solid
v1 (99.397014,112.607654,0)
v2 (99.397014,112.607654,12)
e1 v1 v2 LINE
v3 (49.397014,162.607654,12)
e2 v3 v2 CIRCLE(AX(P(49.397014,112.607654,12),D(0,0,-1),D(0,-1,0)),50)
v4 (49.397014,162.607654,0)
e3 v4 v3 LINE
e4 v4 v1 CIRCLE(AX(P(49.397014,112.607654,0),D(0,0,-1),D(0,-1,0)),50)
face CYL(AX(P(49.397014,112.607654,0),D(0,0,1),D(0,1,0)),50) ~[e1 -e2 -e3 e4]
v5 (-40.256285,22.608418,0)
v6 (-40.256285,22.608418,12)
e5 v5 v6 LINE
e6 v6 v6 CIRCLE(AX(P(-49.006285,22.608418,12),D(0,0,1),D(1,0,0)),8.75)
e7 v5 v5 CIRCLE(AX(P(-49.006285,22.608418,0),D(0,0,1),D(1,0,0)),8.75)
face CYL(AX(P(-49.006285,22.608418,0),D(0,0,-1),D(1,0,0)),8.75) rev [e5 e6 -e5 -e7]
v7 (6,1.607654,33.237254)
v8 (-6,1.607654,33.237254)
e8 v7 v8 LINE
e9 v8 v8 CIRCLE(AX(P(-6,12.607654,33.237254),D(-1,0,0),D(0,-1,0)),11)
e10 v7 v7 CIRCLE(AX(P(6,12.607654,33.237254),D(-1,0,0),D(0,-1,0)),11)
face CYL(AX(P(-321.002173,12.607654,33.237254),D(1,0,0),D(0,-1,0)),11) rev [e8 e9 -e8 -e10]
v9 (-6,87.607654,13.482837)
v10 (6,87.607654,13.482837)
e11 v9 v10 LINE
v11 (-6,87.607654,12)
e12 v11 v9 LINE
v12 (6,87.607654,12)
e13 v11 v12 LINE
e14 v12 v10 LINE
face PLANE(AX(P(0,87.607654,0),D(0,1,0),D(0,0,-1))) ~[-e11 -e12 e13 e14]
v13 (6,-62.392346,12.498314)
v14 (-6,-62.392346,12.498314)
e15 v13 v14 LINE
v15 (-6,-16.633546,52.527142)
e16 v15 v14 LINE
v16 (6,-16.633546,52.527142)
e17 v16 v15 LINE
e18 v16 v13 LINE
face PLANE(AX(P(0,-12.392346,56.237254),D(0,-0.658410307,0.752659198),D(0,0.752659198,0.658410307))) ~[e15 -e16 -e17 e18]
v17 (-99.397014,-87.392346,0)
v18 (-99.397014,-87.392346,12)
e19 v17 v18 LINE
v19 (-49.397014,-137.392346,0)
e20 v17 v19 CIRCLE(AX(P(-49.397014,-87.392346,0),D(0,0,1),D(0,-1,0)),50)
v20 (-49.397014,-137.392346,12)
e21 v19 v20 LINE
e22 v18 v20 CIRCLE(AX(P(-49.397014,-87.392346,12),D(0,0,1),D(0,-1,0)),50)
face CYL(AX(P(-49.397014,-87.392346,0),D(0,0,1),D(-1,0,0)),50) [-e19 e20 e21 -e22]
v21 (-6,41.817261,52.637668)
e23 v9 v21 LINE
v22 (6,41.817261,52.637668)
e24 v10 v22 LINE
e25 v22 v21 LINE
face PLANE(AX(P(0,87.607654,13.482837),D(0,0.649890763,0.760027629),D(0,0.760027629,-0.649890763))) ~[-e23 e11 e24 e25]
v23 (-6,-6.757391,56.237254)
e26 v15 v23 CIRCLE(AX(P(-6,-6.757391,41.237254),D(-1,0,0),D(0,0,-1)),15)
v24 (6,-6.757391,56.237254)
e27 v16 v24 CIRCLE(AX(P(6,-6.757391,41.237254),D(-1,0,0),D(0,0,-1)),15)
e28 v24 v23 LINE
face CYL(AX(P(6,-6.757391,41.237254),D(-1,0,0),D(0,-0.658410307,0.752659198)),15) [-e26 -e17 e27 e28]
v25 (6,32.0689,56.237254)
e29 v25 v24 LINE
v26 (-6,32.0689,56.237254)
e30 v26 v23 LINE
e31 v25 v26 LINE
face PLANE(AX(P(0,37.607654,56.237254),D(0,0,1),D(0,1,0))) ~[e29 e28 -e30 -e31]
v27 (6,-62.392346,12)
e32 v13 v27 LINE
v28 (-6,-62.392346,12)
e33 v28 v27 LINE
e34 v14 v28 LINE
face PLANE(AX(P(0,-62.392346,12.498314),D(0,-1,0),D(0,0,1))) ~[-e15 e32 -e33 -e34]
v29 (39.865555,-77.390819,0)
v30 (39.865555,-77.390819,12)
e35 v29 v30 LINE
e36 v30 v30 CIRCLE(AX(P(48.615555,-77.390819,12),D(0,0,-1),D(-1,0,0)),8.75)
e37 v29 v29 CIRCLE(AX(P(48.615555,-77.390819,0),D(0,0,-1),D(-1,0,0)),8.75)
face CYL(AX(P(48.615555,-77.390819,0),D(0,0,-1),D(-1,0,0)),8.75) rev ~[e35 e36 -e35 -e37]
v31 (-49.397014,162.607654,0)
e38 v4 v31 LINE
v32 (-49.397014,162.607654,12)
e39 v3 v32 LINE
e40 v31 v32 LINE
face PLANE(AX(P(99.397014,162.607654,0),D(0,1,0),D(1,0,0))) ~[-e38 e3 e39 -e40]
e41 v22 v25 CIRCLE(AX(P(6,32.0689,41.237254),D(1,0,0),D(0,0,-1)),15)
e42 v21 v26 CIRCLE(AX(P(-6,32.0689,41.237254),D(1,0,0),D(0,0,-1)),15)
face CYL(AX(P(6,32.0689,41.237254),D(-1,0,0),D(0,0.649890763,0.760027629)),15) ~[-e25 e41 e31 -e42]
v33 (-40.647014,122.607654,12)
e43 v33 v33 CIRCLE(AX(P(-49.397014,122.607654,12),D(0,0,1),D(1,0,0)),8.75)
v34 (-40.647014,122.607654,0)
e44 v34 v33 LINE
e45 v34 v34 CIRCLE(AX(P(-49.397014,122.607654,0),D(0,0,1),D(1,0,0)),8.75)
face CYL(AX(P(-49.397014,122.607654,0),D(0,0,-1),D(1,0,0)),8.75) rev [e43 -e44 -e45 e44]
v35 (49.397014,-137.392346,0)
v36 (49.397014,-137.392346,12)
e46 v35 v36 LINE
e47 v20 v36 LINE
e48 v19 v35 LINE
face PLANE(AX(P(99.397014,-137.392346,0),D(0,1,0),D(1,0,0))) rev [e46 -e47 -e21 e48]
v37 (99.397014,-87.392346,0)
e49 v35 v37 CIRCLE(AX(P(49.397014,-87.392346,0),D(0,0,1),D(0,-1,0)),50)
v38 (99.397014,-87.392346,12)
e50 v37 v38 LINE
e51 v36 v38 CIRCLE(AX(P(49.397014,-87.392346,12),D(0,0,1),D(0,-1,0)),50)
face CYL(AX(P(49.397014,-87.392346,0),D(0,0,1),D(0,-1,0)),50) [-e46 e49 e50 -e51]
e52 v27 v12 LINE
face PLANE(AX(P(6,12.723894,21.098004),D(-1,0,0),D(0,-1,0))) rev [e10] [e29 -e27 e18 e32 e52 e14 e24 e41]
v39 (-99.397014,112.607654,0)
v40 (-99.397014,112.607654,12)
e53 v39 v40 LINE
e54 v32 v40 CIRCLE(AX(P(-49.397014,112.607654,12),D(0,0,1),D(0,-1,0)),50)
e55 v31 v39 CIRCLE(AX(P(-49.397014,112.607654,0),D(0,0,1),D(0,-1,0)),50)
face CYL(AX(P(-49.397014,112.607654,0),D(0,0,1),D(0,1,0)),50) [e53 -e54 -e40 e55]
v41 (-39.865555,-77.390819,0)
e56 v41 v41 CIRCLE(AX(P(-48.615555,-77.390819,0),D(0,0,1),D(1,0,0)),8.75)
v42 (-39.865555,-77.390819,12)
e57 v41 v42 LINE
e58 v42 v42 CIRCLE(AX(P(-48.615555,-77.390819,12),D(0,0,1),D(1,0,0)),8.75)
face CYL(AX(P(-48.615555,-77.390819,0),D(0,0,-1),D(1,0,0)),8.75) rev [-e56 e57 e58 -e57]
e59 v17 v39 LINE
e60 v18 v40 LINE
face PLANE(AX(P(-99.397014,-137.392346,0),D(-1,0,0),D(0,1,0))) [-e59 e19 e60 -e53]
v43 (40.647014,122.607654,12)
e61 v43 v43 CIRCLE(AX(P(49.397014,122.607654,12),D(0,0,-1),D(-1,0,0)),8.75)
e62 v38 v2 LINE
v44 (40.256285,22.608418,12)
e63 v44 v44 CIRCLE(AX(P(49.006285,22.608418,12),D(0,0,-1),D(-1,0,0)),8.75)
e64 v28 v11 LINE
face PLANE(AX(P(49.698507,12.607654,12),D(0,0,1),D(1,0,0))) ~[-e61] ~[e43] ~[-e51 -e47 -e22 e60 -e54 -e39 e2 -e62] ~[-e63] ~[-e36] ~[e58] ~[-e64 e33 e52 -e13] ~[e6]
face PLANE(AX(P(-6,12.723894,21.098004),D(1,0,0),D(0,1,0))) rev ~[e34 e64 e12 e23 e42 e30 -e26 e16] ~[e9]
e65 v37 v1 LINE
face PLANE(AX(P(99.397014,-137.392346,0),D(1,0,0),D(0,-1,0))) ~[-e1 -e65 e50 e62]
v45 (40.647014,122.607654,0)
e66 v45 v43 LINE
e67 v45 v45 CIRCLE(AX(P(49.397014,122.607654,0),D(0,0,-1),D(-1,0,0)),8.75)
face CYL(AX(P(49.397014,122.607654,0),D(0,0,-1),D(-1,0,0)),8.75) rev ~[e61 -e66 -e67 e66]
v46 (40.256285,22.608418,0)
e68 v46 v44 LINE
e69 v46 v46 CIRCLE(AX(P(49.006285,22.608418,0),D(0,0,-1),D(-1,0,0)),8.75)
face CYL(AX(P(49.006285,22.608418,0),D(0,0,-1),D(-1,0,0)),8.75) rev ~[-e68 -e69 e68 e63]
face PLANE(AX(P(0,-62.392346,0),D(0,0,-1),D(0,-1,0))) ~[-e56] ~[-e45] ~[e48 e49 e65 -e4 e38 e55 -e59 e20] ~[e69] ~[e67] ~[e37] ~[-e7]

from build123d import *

# Parameters (mm, degrees)
F1_W     = 99.3970142677
F1_H     = 300
F1_R     = 8.75
F2_DEPTH = 12
F4_DEPTH = 6
F6_D     = 22
F8_R     = 50
F9_R     = 15


with BuildPart() as f2:
    # F1 (on face) → F2 (new body)
    with BuildSketch(Plane.XY):
        with Locations((-49.6985071339, 12.607654488)):
            Rectangle(F1_W, F1_H)
        with Locations((-48.6155549591, -77.3908188095)):
            Circle(F1_R, mode=Mode.SUBTRACT)
        with Locations((-49.0062846134, 22.6084178392)):
            Circle(F1_R, mode=Mode.SUBTRACT)
        with Locations((-49.3970142677, 122.607654488)):
            Circle(F1_R, mode=Mode.SUBTRACT)
    extrude(amount=F2_DEPTH)

    # F3 (on Right) → F4 (join)
    with BuildSketch(Plane.YZ):
        Polygon((-62.392345512, 12.4983141385), (-62.392345512, 0), (87.607654488, 0), (87.607654488, 13.4828369309), (37.607654488, 56.2372539129), (-12.392345512, 56.2372539129), align=None)
    extrude(amount=-F4_DEPTH)

    # F6 (through all)
    with Locations(Plane.YZ):
        with Locations((12.607654488, 33.2372539129)):
            Hole(F6_D / 2)

    # F7: F2 across face


with BuildPart() as f2_1:
    add(f2.part)
    add(f2.part.mirror(Plane(origin=(0, 12.7942838573, 18.839447443), x_dir=(0, 1, 0), z_dir=(1, 0, 0))))

    # F8
    f8_edges = [f2_1.edges().sort_by_distance(p)[0] for p in [
        (-99.397014, 162.607654, 6),
        (99.397014, 162.607654, 6),
        (99.397014, -137.392346, 6),
        (-99.397014, -137.392346, 6),
    ]]
    fillet(f8_edges, radius=F8_R)

    # F9
    f9_edges = [f2_1.edges().sort_by_distance(p)[0] for p in [
        (0, 37.607654, 56.237254),
        (0, -12.392346, 56.237254),
    ]]
    fillet(f9_edges, radius=F9_R)


solid = f2_1.part
